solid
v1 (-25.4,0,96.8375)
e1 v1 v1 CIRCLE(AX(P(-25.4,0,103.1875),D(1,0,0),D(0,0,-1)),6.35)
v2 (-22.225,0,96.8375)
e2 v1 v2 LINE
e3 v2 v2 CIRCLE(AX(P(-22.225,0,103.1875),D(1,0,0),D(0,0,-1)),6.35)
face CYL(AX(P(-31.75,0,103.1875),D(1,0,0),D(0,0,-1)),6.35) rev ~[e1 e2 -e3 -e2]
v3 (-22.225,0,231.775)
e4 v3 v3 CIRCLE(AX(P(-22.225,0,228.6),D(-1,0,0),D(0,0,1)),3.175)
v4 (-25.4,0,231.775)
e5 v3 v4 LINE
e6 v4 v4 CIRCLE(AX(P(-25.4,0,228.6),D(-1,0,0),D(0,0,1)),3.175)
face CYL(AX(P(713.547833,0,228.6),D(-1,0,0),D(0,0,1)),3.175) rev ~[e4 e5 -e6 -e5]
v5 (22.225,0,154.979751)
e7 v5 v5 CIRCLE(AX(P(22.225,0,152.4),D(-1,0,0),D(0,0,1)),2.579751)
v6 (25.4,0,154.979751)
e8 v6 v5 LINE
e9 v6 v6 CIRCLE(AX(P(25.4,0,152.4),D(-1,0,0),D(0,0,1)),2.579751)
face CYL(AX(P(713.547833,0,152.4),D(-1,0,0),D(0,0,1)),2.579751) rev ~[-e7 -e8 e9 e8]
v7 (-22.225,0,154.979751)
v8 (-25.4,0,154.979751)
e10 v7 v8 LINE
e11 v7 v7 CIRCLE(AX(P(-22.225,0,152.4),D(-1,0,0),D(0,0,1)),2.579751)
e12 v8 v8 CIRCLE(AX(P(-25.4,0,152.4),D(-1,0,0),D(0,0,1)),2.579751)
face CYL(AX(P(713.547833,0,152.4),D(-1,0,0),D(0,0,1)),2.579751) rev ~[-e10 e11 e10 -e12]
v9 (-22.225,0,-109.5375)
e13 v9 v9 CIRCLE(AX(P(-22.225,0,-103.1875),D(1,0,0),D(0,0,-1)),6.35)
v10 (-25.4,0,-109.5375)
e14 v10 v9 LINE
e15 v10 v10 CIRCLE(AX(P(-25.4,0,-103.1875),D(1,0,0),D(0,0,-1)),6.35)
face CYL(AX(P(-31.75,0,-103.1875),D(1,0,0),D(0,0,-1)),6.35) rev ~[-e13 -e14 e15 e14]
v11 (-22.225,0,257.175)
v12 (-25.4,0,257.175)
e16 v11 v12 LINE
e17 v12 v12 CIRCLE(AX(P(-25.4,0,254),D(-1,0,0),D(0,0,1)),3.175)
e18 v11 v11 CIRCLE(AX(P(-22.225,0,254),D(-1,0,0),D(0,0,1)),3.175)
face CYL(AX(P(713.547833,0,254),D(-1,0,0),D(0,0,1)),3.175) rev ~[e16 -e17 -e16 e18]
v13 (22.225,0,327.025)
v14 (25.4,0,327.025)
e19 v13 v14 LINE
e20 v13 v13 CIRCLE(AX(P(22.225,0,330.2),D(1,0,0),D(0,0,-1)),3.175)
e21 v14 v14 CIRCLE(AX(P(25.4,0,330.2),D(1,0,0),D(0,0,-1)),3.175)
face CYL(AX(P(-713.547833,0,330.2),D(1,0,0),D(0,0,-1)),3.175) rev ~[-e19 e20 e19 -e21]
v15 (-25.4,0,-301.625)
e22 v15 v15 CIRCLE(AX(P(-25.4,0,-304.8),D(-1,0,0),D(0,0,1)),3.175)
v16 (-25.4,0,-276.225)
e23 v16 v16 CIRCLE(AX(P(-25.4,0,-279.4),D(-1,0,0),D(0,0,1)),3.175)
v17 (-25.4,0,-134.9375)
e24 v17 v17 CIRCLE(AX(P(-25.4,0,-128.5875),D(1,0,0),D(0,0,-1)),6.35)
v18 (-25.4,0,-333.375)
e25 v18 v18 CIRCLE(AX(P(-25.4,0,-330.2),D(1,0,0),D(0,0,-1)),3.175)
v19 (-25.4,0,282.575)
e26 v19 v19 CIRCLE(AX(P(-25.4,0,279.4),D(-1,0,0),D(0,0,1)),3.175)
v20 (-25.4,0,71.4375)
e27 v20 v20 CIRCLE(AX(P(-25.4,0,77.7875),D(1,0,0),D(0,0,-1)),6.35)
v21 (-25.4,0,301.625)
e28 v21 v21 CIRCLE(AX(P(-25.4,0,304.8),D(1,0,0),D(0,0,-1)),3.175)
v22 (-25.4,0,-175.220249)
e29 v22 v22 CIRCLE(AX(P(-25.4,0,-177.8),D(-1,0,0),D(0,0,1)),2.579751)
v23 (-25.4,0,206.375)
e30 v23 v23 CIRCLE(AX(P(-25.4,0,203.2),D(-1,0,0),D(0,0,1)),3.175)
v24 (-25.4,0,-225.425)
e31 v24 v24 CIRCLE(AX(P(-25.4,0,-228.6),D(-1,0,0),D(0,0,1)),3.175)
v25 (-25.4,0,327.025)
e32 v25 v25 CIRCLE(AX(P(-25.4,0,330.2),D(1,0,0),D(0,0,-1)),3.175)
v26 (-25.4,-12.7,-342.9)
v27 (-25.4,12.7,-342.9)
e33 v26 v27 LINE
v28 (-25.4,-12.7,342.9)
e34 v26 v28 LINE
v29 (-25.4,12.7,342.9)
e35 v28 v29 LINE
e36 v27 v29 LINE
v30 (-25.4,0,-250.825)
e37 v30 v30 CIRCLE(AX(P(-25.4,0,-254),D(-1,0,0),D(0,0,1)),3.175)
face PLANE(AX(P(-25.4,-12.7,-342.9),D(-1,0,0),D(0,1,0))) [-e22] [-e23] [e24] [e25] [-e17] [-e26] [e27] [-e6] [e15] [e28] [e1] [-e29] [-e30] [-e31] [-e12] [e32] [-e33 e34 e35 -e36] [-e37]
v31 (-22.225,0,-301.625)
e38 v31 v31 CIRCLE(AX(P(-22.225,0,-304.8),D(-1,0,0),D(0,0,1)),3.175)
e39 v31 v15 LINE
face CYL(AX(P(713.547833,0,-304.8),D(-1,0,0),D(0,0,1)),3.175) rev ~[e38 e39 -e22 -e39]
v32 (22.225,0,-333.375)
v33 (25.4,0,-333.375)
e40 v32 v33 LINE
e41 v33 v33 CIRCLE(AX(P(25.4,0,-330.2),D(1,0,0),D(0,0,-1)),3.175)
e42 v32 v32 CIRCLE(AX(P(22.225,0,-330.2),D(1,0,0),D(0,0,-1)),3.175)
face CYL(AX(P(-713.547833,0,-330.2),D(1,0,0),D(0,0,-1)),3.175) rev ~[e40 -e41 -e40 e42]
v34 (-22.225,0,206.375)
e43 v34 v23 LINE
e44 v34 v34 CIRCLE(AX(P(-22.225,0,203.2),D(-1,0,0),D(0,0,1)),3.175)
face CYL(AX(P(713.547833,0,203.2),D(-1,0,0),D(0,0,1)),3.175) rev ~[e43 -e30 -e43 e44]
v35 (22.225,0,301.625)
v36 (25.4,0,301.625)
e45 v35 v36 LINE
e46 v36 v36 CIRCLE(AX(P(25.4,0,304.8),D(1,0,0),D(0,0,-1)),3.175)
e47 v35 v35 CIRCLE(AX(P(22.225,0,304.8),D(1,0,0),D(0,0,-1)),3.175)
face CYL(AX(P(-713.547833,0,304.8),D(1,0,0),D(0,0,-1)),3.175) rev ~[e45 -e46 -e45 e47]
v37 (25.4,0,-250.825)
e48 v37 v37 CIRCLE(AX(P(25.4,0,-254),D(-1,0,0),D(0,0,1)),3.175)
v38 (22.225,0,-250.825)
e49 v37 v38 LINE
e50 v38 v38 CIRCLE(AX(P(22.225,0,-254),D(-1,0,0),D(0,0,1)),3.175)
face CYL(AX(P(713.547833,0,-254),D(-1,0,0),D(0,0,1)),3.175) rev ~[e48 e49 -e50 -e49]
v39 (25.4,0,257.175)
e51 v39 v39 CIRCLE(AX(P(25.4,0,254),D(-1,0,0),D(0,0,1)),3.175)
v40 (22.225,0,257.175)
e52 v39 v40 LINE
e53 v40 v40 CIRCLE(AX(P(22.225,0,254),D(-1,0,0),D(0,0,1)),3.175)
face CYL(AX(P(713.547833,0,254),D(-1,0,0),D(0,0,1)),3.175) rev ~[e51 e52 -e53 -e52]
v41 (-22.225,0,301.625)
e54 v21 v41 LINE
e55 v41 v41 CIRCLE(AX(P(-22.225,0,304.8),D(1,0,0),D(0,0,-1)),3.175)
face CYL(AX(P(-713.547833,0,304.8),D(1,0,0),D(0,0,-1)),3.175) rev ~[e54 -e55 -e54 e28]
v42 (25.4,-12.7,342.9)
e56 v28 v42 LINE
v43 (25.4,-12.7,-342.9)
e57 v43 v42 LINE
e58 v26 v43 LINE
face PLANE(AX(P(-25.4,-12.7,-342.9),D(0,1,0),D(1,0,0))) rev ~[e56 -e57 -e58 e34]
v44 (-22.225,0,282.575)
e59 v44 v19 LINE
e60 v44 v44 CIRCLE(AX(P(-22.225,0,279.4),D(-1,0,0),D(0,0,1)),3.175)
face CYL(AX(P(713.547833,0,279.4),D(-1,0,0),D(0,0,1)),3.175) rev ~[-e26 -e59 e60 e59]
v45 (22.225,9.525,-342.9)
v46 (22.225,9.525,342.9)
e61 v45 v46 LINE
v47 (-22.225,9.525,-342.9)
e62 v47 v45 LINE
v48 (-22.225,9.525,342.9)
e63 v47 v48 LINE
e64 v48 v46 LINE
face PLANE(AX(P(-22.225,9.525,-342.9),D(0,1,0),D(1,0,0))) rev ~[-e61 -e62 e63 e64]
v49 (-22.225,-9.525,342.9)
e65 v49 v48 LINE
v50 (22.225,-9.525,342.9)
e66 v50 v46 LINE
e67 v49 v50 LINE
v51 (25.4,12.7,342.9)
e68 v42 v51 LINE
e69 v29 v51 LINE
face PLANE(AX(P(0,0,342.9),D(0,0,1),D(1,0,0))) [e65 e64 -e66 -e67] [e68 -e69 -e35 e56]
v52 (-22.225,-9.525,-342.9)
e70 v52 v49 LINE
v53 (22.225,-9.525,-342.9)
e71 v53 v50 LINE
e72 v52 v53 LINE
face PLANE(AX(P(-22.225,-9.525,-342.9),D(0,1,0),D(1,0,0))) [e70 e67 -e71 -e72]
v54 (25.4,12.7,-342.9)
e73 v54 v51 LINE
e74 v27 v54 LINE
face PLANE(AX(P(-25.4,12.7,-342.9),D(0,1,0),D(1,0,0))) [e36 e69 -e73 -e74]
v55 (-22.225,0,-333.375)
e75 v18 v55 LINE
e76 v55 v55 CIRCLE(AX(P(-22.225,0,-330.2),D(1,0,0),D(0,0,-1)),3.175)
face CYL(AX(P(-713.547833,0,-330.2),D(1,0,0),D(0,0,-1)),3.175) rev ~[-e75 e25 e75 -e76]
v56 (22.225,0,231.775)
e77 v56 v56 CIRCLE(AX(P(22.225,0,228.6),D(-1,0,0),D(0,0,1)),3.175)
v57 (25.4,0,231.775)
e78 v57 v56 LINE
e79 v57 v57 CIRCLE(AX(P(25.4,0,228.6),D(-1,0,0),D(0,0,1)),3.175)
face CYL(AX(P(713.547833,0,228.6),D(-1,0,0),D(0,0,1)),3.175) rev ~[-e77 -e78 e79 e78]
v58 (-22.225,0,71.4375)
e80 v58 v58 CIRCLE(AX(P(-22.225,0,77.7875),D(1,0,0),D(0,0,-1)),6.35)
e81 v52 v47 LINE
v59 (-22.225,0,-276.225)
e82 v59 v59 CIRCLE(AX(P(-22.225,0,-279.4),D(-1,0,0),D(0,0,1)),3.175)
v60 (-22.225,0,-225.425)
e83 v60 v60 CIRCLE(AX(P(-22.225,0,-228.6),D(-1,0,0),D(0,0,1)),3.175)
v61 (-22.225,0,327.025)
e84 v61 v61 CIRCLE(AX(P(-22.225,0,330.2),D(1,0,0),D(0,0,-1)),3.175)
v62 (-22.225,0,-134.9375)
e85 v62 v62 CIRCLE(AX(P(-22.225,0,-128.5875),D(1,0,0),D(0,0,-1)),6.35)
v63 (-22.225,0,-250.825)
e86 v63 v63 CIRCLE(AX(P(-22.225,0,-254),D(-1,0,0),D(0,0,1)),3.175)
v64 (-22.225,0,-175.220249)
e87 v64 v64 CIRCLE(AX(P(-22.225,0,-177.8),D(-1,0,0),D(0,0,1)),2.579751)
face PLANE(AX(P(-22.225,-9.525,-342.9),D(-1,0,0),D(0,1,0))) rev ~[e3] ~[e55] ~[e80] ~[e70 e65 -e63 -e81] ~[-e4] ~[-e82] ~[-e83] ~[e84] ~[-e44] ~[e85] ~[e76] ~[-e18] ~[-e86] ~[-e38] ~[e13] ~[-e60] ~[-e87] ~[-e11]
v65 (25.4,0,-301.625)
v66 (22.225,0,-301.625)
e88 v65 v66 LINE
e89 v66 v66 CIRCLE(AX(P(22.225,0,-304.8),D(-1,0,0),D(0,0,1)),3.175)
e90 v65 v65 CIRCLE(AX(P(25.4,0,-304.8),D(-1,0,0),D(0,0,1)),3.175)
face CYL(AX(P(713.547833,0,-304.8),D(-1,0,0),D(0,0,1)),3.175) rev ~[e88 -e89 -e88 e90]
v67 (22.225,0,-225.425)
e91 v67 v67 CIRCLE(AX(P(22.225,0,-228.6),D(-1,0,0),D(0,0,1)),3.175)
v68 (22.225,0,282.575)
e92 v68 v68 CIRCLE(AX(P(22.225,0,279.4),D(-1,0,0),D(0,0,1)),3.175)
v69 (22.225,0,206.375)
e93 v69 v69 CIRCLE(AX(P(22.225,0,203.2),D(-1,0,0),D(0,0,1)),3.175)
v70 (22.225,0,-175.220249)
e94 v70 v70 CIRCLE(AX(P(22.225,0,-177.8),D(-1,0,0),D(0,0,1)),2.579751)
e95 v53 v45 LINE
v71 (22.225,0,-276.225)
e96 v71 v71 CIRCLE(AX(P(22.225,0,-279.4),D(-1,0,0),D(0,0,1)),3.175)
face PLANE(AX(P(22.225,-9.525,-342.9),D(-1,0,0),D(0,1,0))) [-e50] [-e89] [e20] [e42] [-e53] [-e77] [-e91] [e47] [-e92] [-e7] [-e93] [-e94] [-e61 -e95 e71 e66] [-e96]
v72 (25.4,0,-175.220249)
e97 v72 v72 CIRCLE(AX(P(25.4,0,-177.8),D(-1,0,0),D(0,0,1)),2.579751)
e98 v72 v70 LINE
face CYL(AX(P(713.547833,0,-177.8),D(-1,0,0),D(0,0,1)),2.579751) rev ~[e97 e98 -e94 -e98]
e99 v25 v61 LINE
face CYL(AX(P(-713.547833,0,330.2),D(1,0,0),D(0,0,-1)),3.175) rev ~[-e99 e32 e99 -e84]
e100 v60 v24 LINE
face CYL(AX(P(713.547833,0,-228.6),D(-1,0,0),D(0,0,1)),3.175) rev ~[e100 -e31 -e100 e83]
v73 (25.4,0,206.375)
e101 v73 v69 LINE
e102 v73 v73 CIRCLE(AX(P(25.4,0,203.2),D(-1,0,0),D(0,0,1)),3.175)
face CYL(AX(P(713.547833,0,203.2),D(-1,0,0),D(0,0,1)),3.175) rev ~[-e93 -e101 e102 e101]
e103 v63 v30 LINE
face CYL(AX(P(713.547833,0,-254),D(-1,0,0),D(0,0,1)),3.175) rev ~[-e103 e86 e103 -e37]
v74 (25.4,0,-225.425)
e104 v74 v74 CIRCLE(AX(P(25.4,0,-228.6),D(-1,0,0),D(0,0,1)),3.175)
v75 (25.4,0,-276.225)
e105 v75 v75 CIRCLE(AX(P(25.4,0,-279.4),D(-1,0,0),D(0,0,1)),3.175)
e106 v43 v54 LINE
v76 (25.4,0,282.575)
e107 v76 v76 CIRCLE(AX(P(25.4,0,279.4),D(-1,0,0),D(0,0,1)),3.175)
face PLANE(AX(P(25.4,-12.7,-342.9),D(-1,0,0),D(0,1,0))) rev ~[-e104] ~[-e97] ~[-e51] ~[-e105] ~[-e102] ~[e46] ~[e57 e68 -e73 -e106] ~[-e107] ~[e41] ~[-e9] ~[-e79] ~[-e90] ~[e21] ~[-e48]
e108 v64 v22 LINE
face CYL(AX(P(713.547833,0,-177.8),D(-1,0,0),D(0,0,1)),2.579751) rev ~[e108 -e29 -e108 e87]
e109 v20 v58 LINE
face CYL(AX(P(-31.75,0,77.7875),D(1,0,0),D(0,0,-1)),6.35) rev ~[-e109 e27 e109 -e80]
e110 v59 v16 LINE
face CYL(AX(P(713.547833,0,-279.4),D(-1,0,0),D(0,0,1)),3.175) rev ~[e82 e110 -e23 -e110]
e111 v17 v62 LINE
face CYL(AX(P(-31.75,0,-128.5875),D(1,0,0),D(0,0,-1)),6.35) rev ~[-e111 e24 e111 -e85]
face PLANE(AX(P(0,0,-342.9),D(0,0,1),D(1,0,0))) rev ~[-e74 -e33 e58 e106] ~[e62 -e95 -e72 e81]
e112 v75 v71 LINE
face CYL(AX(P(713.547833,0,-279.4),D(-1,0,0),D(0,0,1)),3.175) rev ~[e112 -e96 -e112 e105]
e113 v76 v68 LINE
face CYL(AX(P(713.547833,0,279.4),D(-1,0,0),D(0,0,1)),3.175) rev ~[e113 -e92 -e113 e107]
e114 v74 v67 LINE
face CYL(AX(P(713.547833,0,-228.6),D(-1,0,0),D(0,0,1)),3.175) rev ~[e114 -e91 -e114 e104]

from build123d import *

# Parameters (mm, degrees)
BOSS_EXTRUDE1_DEPTH              = 342.9
BOSS_EXTRUDE1_DEPTH_BACK         = 342.9
SKETCH3_W                        = 50.8
SKETCH3_H                        = 25.4
SKETCH3_W_2                      = 44.45
SKETCH3_H_2                      = 19.05
F_1_4_0_25_DIAMETER_HOLE3_D      = 6.35
F_1_4_0_25_DIAMETER_HOLE4_D      = 6.35
F_1_4_0_25_DIAMETER_HOLE5_D      = 6.35
F_1_4_0_25_DIAMETER_HOLE6_D      = 6.35
F_1_4_0_25_DIAMETER_HOLE7_D      = 6.35
F_1_4_0_25_DIAMETER_HOLE8_D      = 6.35
F_13_64_0_20313_DIAMETER_HOLE1_D = 5.159502
F_1_2_0_5_DIAMETER_HOLE1_D       = 12.7
F_1_2_0_5_DIAMETER_HOLE1_DEPTH   = 6.35
F_1_2_0_5_DIAMETER_HOLE1_TIP     = 3.815464931


with BuildPart() as part:
    # Sketch3 → Boss-Extrude1 (new, two sides: drawn at the far end of the back side and taken through both)
    with BuildSketch(Plane.XY.offset(-BOSS_EXTRUDE1_DEPTH_BACK)):
        Rectangle(SKETCH3_W, SKETCH3_H)
        Rectangle(SKETCH3_W_2, SKETCH3_H_2, mode=Mode.SUBTRACT)
    extrude(amount=BOSS_EXTRUDE1_DEPTH + BOSS_EXTRUDE1_DEPTH_BACK)

    # 1/4 (0.25) Diameter Hole3 (through all)
    with Locations(Plane.ZY.offset(25.4)):
        with Locations((-330.2, 0)):
            Hole(F_1_4_0_25_DIAMETER_HOLE3_D / 2)

    # 1/4 (0.25) Diameter Hole4 (through all)
    with Locations(Plane.ZY.offset(25.4)):
        with Locations((304.8, 0), (330.2, 0)):
            Hole(F_1_4_0_25_DIAMETER_HOLE4_D / 2)

    # 1/4 (0.25) Diameter Hole5 (through all)
    with Locations(Plane(origin=(25.4, 0, 0), x_dir=(0, 0, -1), z_dir=(1, 0, 0))):
        with Locations((304.8, 0), (279.4, 0)):
            Hole(F_1_4_0_25_DIAMETER_HOLE5_D / 2)

    # 1/4 (0.25) Diameter Hole6 (through all)
    with Locations(Plane(origin=(25.4, 0, 0), x_dir=(0, 0, -1), z_dir=(1, 0, 0))):
        with Locations((228.6, 0), (254, 0)):
            Hole(F_1_4_0_25_DIAMETER_HOLE6_D / 2)

    # 1/4 (0.25) Diameter Hole7 (through all)
    with Locations(Plane(origin=(25.4, 0, 0), x_dir=(0, 0, -1), z_dir=(1, 0, 0))):
        with Locations((-203.2, 0), (-228.6, 0)):
            Hole(F_1_4_0_25_DIAMETER_HOLE7_D / 2)

    # 1/4 (0.25) Diameter Hole8 (through all)
    with Locations(Plane(origin=(25.4, 0, 0), x_dir=(0, 0, -1), z_dir=(1, 0, 0))):
        with Locations((-279.4, 0), (-254, 0)):
            Hole(F_1_4_0_25_DIAMETER_HOLE8_D / 2)

    # 13/64 (0.20313) Diameter Hole1 (through all)
    with Locations(Plane(origin=(25.4, 0, 0), x_dir=(0, 0, -1), z_dir=(1, 0, 0))):
        with Locations((-152.4, 0), (177.8, 0)):
            Hole(F_13_64_0_20313_DIAMETER_HOLE1_D / 2)

    # 1/2 (0.5) Diameter Hole1
    with Locations(Plane.ZY.offset(25.4)):
        with Locations((-591.301639708, -480.802221962), (-103.1875, 0), (77.7875, 0), (103.1875, 0), (-128.5875, 0)):
            Hole(F_1_2_0_5_DIAMETER_HOLE1_D / 2, depth=F_1_2_0_5_DIAMETER_HOLE1_DEPTH)
            with Locations((0, 0, -(F_1_2_0_5_DIAMETER_HOLE1_DEPTH + F_1_2_0_5_DIAMETER_HOLE1_TIP / 2))):  # 118° drill point
                Cone(0, F_1_2_0_5_DIAMETER_HOLE1_D / 2, F_1_2_0_5_DIAMETER_HOLE1_TIP, mode=Mode.SUBTRACT)


solid = part.part
